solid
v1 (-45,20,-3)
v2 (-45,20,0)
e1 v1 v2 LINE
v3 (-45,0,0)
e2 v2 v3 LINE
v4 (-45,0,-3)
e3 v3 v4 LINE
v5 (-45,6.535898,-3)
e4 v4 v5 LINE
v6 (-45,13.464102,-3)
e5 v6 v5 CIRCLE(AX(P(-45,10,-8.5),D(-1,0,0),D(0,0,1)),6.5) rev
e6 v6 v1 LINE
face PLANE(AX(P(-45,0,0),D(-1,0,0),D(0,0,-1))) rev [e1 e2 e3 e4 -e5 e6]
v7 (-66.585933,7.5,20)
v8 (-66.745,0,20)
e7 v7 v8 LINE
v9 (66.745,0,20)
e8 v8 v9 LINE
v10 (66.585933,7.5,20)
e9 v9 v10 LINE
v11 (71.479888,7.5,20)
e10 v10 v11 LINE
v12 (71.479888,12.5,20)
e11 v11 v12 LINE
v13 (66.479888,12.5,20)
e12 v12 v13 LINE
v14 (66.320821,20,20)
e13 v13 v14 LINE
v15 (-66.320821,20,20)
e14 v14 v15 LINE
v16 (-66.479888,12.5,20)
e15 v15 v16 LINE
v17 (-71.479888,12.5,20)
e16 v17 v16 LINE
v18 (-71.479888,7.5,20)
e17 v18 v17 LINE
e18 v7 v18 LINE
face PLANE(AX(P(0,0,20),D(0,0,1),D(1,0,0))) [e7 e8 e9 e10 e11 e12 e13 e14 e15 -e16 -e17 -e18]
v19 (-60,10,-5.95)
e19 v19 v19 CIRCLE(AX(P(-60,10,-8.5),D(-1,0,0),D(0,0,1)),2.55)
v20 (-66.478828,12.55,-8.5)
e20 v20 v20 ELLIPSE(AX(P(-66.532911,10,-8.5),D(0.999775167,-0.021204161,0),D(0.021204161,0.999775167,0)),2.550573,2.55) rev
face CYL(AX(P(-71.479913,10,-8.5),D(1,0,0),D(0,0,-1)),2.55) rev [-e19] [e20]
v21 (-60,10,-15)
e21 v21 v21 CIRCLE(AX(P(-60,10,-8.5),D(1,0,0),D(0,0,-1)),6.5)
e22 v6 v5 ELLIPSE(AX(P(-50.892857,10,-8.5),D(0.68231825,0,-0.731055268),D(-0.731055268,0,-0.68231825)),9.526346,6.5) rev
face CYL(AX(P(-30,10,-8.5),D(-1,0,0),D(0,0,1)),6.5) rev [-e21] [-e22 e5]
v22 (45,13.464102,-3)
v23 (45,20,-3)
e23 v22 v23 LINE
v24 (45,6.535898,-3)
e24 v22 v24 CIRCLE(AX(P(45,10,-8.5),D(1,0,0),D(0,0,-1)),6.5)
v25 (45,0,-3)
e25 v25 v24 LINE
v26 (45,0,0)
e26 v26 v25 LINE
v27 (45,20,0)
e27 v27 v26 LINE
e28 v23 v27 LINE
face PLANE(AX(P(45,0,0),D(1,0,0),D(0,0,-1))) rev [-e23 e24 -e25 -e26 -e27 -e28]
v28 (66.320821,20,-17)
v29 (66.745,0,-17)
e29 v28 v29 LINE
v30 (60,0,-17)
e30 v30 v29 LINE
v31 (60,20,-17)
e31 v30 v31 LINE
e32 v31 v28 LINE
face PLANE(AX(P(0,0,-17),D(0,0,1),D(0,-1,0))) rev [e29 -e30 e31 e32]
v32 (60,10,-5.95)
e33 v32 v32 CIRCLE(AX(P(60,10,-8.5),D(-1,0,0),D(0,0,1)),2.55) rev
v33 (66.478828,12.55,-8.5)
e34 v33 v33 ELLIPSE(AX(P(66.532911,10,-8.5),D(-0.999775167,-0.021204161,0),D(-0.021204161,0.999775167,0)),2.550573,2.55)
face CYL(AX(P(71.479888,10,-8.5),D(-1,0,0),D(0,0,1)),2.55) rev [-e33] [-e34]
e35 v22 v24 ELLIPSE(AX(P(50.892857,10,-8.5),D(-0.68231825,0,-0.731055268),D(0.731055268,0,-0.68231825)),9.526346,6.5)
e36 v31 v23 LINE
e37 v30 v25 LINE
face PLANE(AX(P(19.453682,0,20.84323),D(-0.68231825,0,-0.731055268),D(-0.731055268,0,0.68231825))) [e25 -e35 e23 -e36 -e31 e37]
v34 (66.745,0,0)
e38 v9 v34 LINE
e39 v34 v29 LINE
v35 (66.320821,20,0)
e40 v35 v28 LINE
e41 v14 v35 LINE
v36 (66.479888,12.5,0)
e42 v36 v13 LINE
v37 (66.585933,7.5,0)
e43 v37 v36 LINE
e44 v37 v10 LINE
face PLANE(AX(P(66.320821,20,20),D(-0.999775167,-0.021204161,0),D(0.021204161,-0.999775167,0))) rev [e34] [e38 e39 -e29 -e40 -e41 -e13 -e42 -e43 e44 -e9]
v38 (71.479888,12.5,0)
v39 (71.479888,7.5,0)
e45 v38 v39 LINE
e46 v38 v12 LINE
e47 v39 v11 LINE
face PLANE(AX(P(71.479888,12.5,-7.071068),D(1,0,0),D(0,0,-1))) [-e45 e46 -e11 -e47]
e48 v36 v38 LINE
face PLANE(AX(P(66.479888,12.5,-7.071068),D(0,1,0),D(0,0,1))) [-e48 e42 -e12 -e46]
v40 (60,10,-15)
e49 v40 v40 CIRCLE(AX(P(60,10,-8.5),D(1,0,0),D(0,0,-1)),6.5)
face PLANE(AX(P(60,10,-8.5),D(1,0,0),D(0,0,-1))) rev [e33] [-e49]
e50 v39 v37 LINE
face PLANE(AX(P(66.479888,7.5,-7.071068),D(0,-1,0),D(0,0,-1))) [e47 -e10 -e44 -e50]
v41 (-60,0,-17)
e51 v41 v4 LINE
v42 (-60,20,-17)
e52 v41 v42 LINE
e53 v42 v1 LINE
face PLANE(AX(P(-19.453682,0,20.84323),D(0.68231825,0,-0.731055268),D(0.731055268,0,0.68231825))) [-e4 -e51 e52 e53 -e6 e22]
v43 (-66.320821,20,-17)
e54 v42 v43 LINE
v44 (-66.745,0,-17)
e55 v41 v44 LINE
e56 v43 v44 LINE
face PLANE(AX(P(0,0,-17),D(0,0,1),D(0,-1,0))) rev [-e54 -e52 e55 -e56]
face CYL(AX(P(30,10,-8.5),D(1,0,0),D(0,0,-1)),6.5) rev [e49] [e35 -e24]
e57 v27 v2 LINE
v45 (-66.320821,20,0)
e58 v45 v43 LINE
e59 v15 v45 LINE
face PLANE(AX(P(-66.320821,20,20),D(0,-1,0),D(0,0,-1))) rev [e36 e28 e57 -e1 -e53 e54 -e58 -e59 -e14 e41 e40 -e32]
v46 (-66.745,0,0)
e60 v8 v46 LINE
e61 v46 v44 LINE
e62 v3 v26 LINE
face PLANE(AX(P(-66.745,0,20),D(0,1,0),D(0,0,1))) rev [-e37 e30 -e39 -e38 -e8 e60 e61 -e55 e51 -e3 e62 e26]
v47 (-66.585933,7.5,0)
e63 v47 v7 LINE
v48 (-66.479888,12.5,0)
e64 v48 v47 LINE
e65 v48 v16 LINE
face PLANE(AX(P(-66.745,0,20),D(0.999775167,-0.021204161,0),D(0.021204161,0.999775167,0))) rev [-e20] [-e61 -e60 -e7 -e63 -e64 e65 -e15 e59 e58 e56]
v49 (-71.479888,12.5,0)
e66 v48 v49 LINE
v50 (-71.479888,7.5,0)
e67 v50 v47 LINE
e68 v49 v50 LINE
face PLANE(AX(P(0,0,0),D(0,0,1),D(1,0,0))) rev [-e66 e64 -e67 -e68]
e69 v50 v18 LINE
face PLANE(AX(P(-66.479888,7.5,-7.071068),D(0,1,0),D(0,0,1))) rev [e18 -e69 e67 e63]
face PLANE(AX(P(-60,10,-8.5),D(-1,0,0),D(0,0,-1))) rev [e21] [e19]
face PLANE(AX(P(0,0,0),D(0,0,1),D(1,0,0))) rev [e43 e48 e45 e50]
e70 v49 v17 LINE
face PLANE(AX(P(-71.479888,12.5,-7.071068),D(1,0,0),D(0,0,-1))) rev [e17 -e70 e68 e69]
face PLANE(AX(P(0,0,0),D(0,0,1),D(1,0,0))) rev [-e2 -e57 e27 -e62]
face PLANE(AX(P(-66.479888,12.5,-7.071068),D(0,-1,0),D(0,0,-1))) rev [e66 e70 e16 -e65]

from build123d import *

# Parameters (mm, degrees)
BOSS_EXTRUDE1_DEPTH = 20
SKETCH3_W           = 17
SKETCH3_H           = 20
SKETCH2_W           = 17
SKETCH2_H           = 20.004497681
SKETCH5_W           = 5
SKETCH5_H           = 5
BOSS_EXTRUDE2_DEPTH = 20
SKETCH6_R           = 2.55
CUT_EXTRUDE1_DEPTH  = 12.47988838
SKETCH8_W           = 17
SKETCH8_H           = 20
SKETCH7_W           = 3
SKETCH7_H           = 20
SKETCH9_R           = 6.5
CUT_EXTRUDE2_DEPTH  = 30


with BuildPart() as part:
    # Sketch1 → Boss-Extrude1 (new body)
    with BuildSketch(Plane.XY):
        Polygon((-66.745, 0), (66.745, 0), (66.320821408, 20), (-66.320821408, 20), align=None)
    extrude(amount=BOSS_EXTRUDE1_DEPTH)

    # Sketch3 → Loft1 section 0
    with BuildSketch(Plane(origin=(60, 0, 0), x_dir=(0, 0, -1), z_dir=(1, 0, 0))):
        with Locations((8.5, 10)):
            Rectangle(SKETCH3_W, SKETCH3_H)
    # Sketch2 → Loft1 section 1
    with BuildSketch(Plane(origin=(66.71499035, 1.414953534, 0), x_dir=(0, 0, -1), z_dir=(0.999775167, 0.021204161, 0))):
        with Locations((8.5, 8.586977106)):
            Rectangle(SKETCH2_W, SKETCH2_H)
    loft1 = loft()

    # Sketch5 → Boss-Extrude2 (add)
    with BuildSketch(Plane.XY.offset(20)):
        with Locations((68.97988838, 10)):
            Rectangle(SKETCH5_W, SKETCH5_H)
    boss_extrude2 = extrude(amount=-BOSS_EXTRUDE2_DEPTH)

    # Mirror2: Boss-Extrude2 across plane
    add(boss_extrude2.mirror(Plane(origin=(0, 0, 0), x_dir=(0, 0, 1), z_dir=(1, 0, 0))))

    # Sketch6 → Cut-Extrude1 (cut, through all)
    with BuildSketch(Plane.ZY.offset(-60)):
        with Locations((-8.5, 10)):
            Circle(SKETCH6_R)
    cut_extrude1 = extrude(amount=-CUT_EXTRUDE1_DEPTH, mode=Mode.SUBTRACT)

    # Sketch8 → Loft2 section 0
    with BuildSketch(Plane.ZY.offset(-60)):
        with Locations((-8.5, 10)):
            Rectangle(SKETCH8_W, SKETCH8_H)
    # Sketch7 → Loft2 section 1
    with BuildSketch(Plane(origin=(45, 0, 0), x_dir=(0, 0, -1), z_dir=(1, 0, 0))):
        with Locations((1.5, 10)):
            Rectangle(SKETCH7_W, SKETCH7_H)
    loft2 = loft()

    # Sketch9 → Cut-Extrude2 (cut)
    with BuildSketch(Plane(origin=(60, 0, 0), x_dir=(0, 0, -1), z_dir=(1, 0, 0))):
        with Locations((8.5, 10)):
            Circle(SKETCH9_R)
    cut_extrude2 = extrude(amount=-CUT_EXTRUDE2_DEPTH, mode=Mode.SUBTRACT)

    # Mirror3: Loft1, Cut-Extrude1, Loft2, Cut-Extrude2 across plane
    add(loft1.mirror(Plane(origin=(0, 0, 0), x_dir=(0, 0, 1), z_dir=(1, 0, 0))))
    add(cut_extrude1.mirror(Plane(origin=(0, 0, 0), x_dir=(0, 0, 1), z_dir=(1, 0, 0))), mode=Mode.SUBTRACT)
    add(loft2.mirror(Plane(origin=(0, 0, 0), x_dir=(0, 0, 1), z_dir=(1, 0, 0))))
    add(cut_extrude2.mirror(Plane(origin=(0, 0, 0), x_dir=(0, 0, 1), z_dir=(1, 0, 0))), mode=Mode.SUBTRACT)


solid = part.part
